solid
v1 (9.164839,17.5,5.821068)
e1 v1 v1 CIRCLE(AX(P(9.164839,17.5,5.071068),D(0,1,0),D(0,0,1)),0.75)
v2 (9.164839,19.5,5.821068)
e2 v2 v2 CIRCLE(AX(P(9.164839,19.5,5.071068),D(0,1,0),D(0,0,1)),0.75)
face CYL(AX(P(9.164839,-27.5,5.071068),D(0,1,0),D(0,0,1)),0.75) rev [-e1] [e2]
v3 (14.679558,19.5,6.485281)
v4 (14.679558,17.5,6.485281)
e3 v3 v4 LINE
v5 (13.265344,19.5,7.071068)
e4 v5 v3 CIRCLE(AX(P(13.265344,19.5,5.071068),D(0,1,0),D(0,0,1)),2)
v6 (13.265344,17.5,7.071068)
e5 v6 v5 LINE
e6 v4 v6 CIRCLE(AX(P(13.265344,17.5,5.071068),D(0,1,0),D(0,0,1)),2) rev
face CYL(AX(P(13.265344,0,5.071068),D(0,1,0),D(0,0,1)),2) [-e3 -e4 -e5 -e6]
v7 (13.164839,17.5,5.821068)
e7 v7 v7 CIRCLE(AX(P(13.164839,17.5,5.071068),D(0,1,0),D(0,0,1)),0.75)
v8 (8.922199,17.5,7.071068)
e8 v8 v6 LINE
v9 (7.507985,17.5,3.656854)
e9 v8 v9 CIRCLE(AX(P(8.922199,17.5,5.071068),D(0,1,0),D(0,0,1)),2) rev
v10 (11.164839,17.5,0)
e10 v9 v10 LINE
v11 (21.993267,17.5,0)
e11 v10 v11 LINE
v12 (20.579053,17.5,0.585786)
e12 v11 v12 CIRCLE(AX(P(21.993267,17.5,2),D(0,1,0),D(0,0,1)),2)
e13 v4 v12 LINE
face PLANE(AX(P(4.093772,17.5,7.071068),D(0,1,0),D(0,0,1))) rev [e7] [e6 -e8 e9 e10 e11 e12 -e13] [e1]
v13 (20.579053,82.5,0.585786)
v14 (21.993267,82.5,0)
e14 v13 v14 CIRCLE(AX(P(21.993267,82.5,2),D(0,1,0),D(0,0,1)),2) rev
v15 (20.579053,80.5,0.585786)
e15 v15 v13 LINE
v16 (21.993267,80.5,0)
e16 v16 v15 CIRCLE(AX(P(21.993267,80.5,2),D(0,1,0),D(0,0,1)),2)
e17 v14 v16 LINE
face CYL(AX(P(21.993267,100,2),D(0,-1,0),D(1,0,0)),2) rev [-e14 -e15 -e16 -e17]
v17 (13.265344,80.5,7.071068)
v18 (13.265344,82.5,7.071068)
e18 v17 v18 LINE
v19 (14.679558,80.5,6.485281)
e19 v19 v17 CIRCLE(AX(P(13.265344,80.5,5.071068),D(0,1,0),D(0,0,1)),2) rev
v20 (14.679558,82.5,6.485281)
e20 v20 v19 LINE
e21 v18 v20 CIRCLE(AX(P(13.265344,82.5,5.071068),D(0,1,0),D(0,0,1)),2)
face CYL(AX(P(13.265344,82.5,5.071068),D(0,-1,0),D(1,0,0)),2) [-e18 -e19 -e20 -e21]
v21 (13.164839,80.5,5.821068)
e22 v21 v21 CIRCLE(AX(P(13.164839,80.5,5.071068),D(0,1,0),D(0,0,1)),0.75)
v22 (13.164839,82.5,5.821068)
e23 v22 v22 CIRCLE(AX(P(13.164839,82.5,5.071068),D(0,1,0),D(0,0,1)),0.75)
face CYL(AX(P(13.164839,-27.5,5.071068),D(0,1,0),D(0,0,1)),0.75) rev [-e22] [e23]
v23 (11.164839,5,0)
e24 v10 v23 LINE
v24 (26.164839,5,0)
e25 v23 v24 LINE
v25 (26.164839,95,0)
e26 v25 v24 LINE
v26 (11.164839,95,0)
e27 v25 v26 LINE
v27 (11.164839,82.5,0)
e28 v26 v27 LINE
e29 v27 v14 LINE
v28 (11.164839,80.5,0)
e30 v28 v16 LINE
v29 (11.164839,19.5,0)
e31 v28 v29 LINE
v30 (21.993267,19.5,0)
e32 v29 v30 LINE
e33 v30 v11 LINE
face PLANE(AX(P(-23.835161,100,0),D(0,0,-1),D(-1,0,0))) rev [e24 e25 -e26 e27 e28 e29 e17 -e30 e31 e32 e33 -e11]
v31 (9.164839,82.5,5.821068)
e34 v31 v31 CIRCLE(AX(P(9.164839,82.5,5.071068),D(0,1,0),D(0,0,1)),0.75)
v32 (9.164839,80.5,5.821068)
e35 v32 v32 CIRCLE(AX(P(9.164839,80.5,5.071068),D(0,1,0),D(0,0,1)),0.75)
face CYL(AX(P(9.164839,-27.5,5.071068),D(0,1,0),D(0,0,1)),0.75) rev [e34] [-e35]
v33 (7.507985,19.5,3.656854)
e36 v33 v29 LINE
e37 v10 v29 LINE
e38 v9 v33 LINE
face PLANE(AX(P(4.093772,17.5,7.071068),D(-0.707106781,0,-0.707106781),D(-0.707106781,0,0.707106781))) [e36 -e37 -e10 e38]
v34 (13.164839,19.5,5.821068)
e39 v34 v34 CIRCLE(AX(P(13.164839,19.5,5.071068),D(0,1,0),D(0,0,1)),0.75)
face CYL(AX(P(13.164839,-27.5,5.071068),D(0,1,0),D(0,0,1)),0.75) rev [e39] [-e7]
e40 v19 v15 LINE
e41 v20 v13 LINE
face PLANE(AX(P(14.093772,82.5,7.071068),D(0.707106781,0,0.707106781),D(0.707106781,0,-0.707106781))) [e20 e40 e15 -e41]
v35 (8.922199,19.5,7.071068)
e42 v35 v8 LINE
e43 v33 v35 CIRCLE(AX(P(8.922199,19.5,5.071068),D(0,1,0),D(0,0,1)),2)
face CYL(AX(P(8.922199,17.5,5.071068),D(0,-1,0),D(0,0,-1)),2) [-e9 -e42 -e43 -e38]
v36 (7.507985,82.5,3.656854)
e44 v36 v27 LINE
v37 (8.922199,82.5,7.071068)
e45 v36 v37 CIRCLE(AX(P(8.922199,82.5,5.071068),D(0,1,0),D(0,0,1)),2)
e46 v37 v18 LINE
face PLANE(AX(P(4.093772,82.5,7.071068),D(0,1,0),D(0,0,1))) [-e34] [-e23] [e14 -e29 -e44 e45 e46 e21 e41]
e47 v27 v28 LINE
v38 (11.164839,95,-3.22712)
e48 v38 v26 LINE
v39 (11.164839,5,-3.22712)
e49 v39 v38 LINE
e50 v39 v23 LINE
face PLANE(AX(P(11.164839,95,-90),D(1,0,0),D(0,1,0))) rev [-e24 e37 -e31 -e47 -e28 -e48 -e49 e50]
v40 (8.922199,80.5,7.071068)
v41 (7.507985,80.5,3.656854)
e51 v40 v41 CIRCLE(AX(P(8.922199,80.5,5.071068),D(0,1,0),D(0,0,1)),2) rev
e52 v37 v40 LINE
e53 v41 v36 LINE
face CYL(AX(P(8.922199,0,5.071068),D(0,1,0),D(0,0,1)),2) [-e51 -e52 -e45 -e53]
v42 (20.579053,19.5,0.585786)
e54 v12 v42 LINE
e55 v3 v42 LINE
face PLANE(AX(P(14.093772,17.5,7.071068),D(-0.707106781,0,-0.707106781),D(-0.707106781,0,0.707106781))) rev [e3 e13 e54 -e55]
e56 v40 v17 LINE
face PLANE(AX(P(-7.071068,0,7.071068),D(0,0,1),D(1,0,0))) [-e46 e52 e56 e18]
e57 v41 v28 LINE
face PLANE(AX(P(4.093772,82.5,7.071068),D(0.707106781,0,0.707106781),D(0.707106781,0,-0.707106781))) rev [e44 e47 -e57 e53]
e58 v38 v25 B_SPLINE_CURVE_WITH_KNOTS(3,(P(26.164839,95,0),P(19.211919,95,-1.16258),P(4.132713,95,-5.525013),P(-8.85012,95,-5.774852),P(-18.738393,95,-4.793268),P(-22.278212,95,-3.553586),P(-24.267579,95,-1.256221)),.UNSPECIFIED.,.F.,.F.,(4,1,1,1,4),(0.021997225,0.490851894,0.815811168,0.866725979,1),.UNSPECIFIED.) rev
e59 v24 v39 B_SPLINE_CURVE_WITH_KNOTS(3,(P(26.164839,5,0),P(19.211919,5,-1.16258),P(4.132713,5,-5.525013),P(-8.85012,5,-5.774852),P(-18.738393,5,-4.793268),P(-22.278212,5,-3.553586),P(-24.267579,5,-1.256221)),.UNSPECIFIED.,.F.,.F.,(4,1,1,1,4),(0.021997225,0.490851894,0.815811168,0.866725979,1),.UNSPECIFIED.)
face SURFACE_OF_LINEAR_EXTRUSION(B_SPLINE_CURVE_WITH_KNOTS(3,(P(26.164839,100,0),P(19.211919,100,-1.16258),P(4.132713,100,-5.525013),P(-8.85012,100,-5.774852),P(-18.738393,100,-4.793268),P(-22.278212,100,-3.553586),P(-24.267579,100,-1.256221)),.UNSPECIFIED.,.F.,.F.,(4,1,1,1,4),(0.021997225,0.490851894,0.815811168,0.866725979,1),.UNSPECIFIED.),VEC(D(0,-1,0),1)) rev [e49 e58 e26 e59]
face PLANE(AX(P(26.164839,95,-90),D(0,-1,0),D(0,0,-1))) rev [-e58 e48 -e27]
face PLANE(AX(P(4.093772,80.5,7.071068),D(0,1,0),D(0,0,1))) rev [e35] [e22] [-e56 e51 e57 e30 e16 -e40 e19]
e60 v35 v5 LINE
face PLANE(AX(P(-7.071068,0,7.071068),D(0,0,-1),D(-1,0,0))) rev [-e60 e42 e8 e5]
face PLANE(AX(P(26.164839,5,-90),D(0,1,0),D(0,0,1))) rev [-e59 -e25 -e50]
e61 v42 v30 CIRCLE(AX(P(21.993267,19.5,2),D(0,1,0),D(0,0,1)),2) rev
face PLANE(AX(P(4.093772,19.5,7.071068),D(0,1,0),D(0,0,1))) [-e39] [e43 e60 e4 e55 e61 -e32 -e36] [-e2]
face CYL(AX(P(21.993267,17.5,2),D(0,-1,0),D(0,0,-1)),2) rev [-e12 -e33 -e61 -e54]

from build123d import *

# Parameters (mm, degrees)
BOSS_EXTRUDE1_DEPTH = 100
CUT_EXTRUDE4_DEPTH  = 100
SKETCH4_W           = 10
SKETCH4_H           = 2
BOSS_EXTRUDE2_DEPTH = 10
FILLET2_R           = 2
SKETCH6_R           = 0.75
CUT_EXTRUDE5_DEPTH  = 110


with BuildPart() as part:
    # Sketch1 → Boss-Extrude1 (new body)
    with BuildSketch(Plane(origin=(0, 0, 0), x_dir=(1, 0, 0), z_dir=(0, 1, 0))):
        with BuildLine():
            Line((-23.835160585, 0), (26.164839415, 0))
            add(Edge.make_bspline(
                [(-24.267578895, 1.256220546), (-22.278212262, 3.553586128), (-18.738393104, 4.793268312), (-8.850120496, 5.774851838), (4.13271293, 5.525012752), (19.211918986, 1.162580188), (26.164839415, 0)],
                knots=[0.021997225, 0.021997225, 0.021997225, 0.021997225, 0.155271246, 0.206186057, 0.531145331, 1, 1, 1, 1], degree=3))
            add(Edge.make_bspline(
                [(-24.267578895, 1.256220546), (-25.367081291, 0.124338635), (-23.835160585, 0)],
                knots=[0, 0, 0, 1, 1, 1], degree=2))
        make_face()
    extrude(amount=BOSS_EXTRUDE1_DEPTH)

    # Sketch2 → Cut-Extrude4 (cut)
    with BuildSketch(Plane.XY.offset(10)):
        Polygon((26.164839415, 95), (11.164839415, 95), (11.164839415, 5), (26.164839415, 5), (26.164839415, 0), (-24.726990199, 0), (-24.726990199, 100), (26.164839415, 100), align=None)
    extrude(amount=-CUT_EXTRUDE4_DEPTH, mode=Mode.SUBTRACT)

    # Sketch4 → Boss-Extrude2 (add, along a direction that is not the sketch's normal)
    with BuildSketch(Plane.XY):
        with Locations((16.164839415, 81.5)):
            Rectangle(SKETCH4_W, SKETCH4_H)
        with Locations((16.164839415, 18.5)):
            Rectangle(SKETCH4_W, SKETCH4_H)
    extrude(amount=BOSS_EXTRUDE2_DEPTH, dir=(-0.7071067811865557, 0, 0.7071067811865395))

    # Fillet2
    fillet2_edges = [part.edges().sort_by_distance(p)[0] for p in [
        (21.164839415, 18.5, 0),
        (14.093771603, 18.5, 7.071067812),
        (4.093771603, 18.5, 7.071067812),
        (21.164839415, 81.5, 0),
        (14.093771603, 81.5, 7.071067812),
        (4.093771603, 81.5, 7.071067812),
    ]]
    fillet(fillet2_edges, radius=FILLET2_R)

    # Sketch6 → Cut-Extrude5 (cut)
    with BuildSketch(Plane(origin=(0, 82.5, 0), x_dir=(1, 0, 0), z_dir=(0, 1, 0))):
        with Locations(Location((9.164839415, -5.071067812, 0), (0, 0, 270))):
            Circle(SKETCH6_R)
        with Locations(Location((13.164839415, -5.071067812, 0), (0, 0, 270))):
            Circle(SKETCH6_R)
    extrude(amount=-CUT_EXTRUDE5_DEPTH, mode=Mode.SUBTRACT)


solid = part.part
